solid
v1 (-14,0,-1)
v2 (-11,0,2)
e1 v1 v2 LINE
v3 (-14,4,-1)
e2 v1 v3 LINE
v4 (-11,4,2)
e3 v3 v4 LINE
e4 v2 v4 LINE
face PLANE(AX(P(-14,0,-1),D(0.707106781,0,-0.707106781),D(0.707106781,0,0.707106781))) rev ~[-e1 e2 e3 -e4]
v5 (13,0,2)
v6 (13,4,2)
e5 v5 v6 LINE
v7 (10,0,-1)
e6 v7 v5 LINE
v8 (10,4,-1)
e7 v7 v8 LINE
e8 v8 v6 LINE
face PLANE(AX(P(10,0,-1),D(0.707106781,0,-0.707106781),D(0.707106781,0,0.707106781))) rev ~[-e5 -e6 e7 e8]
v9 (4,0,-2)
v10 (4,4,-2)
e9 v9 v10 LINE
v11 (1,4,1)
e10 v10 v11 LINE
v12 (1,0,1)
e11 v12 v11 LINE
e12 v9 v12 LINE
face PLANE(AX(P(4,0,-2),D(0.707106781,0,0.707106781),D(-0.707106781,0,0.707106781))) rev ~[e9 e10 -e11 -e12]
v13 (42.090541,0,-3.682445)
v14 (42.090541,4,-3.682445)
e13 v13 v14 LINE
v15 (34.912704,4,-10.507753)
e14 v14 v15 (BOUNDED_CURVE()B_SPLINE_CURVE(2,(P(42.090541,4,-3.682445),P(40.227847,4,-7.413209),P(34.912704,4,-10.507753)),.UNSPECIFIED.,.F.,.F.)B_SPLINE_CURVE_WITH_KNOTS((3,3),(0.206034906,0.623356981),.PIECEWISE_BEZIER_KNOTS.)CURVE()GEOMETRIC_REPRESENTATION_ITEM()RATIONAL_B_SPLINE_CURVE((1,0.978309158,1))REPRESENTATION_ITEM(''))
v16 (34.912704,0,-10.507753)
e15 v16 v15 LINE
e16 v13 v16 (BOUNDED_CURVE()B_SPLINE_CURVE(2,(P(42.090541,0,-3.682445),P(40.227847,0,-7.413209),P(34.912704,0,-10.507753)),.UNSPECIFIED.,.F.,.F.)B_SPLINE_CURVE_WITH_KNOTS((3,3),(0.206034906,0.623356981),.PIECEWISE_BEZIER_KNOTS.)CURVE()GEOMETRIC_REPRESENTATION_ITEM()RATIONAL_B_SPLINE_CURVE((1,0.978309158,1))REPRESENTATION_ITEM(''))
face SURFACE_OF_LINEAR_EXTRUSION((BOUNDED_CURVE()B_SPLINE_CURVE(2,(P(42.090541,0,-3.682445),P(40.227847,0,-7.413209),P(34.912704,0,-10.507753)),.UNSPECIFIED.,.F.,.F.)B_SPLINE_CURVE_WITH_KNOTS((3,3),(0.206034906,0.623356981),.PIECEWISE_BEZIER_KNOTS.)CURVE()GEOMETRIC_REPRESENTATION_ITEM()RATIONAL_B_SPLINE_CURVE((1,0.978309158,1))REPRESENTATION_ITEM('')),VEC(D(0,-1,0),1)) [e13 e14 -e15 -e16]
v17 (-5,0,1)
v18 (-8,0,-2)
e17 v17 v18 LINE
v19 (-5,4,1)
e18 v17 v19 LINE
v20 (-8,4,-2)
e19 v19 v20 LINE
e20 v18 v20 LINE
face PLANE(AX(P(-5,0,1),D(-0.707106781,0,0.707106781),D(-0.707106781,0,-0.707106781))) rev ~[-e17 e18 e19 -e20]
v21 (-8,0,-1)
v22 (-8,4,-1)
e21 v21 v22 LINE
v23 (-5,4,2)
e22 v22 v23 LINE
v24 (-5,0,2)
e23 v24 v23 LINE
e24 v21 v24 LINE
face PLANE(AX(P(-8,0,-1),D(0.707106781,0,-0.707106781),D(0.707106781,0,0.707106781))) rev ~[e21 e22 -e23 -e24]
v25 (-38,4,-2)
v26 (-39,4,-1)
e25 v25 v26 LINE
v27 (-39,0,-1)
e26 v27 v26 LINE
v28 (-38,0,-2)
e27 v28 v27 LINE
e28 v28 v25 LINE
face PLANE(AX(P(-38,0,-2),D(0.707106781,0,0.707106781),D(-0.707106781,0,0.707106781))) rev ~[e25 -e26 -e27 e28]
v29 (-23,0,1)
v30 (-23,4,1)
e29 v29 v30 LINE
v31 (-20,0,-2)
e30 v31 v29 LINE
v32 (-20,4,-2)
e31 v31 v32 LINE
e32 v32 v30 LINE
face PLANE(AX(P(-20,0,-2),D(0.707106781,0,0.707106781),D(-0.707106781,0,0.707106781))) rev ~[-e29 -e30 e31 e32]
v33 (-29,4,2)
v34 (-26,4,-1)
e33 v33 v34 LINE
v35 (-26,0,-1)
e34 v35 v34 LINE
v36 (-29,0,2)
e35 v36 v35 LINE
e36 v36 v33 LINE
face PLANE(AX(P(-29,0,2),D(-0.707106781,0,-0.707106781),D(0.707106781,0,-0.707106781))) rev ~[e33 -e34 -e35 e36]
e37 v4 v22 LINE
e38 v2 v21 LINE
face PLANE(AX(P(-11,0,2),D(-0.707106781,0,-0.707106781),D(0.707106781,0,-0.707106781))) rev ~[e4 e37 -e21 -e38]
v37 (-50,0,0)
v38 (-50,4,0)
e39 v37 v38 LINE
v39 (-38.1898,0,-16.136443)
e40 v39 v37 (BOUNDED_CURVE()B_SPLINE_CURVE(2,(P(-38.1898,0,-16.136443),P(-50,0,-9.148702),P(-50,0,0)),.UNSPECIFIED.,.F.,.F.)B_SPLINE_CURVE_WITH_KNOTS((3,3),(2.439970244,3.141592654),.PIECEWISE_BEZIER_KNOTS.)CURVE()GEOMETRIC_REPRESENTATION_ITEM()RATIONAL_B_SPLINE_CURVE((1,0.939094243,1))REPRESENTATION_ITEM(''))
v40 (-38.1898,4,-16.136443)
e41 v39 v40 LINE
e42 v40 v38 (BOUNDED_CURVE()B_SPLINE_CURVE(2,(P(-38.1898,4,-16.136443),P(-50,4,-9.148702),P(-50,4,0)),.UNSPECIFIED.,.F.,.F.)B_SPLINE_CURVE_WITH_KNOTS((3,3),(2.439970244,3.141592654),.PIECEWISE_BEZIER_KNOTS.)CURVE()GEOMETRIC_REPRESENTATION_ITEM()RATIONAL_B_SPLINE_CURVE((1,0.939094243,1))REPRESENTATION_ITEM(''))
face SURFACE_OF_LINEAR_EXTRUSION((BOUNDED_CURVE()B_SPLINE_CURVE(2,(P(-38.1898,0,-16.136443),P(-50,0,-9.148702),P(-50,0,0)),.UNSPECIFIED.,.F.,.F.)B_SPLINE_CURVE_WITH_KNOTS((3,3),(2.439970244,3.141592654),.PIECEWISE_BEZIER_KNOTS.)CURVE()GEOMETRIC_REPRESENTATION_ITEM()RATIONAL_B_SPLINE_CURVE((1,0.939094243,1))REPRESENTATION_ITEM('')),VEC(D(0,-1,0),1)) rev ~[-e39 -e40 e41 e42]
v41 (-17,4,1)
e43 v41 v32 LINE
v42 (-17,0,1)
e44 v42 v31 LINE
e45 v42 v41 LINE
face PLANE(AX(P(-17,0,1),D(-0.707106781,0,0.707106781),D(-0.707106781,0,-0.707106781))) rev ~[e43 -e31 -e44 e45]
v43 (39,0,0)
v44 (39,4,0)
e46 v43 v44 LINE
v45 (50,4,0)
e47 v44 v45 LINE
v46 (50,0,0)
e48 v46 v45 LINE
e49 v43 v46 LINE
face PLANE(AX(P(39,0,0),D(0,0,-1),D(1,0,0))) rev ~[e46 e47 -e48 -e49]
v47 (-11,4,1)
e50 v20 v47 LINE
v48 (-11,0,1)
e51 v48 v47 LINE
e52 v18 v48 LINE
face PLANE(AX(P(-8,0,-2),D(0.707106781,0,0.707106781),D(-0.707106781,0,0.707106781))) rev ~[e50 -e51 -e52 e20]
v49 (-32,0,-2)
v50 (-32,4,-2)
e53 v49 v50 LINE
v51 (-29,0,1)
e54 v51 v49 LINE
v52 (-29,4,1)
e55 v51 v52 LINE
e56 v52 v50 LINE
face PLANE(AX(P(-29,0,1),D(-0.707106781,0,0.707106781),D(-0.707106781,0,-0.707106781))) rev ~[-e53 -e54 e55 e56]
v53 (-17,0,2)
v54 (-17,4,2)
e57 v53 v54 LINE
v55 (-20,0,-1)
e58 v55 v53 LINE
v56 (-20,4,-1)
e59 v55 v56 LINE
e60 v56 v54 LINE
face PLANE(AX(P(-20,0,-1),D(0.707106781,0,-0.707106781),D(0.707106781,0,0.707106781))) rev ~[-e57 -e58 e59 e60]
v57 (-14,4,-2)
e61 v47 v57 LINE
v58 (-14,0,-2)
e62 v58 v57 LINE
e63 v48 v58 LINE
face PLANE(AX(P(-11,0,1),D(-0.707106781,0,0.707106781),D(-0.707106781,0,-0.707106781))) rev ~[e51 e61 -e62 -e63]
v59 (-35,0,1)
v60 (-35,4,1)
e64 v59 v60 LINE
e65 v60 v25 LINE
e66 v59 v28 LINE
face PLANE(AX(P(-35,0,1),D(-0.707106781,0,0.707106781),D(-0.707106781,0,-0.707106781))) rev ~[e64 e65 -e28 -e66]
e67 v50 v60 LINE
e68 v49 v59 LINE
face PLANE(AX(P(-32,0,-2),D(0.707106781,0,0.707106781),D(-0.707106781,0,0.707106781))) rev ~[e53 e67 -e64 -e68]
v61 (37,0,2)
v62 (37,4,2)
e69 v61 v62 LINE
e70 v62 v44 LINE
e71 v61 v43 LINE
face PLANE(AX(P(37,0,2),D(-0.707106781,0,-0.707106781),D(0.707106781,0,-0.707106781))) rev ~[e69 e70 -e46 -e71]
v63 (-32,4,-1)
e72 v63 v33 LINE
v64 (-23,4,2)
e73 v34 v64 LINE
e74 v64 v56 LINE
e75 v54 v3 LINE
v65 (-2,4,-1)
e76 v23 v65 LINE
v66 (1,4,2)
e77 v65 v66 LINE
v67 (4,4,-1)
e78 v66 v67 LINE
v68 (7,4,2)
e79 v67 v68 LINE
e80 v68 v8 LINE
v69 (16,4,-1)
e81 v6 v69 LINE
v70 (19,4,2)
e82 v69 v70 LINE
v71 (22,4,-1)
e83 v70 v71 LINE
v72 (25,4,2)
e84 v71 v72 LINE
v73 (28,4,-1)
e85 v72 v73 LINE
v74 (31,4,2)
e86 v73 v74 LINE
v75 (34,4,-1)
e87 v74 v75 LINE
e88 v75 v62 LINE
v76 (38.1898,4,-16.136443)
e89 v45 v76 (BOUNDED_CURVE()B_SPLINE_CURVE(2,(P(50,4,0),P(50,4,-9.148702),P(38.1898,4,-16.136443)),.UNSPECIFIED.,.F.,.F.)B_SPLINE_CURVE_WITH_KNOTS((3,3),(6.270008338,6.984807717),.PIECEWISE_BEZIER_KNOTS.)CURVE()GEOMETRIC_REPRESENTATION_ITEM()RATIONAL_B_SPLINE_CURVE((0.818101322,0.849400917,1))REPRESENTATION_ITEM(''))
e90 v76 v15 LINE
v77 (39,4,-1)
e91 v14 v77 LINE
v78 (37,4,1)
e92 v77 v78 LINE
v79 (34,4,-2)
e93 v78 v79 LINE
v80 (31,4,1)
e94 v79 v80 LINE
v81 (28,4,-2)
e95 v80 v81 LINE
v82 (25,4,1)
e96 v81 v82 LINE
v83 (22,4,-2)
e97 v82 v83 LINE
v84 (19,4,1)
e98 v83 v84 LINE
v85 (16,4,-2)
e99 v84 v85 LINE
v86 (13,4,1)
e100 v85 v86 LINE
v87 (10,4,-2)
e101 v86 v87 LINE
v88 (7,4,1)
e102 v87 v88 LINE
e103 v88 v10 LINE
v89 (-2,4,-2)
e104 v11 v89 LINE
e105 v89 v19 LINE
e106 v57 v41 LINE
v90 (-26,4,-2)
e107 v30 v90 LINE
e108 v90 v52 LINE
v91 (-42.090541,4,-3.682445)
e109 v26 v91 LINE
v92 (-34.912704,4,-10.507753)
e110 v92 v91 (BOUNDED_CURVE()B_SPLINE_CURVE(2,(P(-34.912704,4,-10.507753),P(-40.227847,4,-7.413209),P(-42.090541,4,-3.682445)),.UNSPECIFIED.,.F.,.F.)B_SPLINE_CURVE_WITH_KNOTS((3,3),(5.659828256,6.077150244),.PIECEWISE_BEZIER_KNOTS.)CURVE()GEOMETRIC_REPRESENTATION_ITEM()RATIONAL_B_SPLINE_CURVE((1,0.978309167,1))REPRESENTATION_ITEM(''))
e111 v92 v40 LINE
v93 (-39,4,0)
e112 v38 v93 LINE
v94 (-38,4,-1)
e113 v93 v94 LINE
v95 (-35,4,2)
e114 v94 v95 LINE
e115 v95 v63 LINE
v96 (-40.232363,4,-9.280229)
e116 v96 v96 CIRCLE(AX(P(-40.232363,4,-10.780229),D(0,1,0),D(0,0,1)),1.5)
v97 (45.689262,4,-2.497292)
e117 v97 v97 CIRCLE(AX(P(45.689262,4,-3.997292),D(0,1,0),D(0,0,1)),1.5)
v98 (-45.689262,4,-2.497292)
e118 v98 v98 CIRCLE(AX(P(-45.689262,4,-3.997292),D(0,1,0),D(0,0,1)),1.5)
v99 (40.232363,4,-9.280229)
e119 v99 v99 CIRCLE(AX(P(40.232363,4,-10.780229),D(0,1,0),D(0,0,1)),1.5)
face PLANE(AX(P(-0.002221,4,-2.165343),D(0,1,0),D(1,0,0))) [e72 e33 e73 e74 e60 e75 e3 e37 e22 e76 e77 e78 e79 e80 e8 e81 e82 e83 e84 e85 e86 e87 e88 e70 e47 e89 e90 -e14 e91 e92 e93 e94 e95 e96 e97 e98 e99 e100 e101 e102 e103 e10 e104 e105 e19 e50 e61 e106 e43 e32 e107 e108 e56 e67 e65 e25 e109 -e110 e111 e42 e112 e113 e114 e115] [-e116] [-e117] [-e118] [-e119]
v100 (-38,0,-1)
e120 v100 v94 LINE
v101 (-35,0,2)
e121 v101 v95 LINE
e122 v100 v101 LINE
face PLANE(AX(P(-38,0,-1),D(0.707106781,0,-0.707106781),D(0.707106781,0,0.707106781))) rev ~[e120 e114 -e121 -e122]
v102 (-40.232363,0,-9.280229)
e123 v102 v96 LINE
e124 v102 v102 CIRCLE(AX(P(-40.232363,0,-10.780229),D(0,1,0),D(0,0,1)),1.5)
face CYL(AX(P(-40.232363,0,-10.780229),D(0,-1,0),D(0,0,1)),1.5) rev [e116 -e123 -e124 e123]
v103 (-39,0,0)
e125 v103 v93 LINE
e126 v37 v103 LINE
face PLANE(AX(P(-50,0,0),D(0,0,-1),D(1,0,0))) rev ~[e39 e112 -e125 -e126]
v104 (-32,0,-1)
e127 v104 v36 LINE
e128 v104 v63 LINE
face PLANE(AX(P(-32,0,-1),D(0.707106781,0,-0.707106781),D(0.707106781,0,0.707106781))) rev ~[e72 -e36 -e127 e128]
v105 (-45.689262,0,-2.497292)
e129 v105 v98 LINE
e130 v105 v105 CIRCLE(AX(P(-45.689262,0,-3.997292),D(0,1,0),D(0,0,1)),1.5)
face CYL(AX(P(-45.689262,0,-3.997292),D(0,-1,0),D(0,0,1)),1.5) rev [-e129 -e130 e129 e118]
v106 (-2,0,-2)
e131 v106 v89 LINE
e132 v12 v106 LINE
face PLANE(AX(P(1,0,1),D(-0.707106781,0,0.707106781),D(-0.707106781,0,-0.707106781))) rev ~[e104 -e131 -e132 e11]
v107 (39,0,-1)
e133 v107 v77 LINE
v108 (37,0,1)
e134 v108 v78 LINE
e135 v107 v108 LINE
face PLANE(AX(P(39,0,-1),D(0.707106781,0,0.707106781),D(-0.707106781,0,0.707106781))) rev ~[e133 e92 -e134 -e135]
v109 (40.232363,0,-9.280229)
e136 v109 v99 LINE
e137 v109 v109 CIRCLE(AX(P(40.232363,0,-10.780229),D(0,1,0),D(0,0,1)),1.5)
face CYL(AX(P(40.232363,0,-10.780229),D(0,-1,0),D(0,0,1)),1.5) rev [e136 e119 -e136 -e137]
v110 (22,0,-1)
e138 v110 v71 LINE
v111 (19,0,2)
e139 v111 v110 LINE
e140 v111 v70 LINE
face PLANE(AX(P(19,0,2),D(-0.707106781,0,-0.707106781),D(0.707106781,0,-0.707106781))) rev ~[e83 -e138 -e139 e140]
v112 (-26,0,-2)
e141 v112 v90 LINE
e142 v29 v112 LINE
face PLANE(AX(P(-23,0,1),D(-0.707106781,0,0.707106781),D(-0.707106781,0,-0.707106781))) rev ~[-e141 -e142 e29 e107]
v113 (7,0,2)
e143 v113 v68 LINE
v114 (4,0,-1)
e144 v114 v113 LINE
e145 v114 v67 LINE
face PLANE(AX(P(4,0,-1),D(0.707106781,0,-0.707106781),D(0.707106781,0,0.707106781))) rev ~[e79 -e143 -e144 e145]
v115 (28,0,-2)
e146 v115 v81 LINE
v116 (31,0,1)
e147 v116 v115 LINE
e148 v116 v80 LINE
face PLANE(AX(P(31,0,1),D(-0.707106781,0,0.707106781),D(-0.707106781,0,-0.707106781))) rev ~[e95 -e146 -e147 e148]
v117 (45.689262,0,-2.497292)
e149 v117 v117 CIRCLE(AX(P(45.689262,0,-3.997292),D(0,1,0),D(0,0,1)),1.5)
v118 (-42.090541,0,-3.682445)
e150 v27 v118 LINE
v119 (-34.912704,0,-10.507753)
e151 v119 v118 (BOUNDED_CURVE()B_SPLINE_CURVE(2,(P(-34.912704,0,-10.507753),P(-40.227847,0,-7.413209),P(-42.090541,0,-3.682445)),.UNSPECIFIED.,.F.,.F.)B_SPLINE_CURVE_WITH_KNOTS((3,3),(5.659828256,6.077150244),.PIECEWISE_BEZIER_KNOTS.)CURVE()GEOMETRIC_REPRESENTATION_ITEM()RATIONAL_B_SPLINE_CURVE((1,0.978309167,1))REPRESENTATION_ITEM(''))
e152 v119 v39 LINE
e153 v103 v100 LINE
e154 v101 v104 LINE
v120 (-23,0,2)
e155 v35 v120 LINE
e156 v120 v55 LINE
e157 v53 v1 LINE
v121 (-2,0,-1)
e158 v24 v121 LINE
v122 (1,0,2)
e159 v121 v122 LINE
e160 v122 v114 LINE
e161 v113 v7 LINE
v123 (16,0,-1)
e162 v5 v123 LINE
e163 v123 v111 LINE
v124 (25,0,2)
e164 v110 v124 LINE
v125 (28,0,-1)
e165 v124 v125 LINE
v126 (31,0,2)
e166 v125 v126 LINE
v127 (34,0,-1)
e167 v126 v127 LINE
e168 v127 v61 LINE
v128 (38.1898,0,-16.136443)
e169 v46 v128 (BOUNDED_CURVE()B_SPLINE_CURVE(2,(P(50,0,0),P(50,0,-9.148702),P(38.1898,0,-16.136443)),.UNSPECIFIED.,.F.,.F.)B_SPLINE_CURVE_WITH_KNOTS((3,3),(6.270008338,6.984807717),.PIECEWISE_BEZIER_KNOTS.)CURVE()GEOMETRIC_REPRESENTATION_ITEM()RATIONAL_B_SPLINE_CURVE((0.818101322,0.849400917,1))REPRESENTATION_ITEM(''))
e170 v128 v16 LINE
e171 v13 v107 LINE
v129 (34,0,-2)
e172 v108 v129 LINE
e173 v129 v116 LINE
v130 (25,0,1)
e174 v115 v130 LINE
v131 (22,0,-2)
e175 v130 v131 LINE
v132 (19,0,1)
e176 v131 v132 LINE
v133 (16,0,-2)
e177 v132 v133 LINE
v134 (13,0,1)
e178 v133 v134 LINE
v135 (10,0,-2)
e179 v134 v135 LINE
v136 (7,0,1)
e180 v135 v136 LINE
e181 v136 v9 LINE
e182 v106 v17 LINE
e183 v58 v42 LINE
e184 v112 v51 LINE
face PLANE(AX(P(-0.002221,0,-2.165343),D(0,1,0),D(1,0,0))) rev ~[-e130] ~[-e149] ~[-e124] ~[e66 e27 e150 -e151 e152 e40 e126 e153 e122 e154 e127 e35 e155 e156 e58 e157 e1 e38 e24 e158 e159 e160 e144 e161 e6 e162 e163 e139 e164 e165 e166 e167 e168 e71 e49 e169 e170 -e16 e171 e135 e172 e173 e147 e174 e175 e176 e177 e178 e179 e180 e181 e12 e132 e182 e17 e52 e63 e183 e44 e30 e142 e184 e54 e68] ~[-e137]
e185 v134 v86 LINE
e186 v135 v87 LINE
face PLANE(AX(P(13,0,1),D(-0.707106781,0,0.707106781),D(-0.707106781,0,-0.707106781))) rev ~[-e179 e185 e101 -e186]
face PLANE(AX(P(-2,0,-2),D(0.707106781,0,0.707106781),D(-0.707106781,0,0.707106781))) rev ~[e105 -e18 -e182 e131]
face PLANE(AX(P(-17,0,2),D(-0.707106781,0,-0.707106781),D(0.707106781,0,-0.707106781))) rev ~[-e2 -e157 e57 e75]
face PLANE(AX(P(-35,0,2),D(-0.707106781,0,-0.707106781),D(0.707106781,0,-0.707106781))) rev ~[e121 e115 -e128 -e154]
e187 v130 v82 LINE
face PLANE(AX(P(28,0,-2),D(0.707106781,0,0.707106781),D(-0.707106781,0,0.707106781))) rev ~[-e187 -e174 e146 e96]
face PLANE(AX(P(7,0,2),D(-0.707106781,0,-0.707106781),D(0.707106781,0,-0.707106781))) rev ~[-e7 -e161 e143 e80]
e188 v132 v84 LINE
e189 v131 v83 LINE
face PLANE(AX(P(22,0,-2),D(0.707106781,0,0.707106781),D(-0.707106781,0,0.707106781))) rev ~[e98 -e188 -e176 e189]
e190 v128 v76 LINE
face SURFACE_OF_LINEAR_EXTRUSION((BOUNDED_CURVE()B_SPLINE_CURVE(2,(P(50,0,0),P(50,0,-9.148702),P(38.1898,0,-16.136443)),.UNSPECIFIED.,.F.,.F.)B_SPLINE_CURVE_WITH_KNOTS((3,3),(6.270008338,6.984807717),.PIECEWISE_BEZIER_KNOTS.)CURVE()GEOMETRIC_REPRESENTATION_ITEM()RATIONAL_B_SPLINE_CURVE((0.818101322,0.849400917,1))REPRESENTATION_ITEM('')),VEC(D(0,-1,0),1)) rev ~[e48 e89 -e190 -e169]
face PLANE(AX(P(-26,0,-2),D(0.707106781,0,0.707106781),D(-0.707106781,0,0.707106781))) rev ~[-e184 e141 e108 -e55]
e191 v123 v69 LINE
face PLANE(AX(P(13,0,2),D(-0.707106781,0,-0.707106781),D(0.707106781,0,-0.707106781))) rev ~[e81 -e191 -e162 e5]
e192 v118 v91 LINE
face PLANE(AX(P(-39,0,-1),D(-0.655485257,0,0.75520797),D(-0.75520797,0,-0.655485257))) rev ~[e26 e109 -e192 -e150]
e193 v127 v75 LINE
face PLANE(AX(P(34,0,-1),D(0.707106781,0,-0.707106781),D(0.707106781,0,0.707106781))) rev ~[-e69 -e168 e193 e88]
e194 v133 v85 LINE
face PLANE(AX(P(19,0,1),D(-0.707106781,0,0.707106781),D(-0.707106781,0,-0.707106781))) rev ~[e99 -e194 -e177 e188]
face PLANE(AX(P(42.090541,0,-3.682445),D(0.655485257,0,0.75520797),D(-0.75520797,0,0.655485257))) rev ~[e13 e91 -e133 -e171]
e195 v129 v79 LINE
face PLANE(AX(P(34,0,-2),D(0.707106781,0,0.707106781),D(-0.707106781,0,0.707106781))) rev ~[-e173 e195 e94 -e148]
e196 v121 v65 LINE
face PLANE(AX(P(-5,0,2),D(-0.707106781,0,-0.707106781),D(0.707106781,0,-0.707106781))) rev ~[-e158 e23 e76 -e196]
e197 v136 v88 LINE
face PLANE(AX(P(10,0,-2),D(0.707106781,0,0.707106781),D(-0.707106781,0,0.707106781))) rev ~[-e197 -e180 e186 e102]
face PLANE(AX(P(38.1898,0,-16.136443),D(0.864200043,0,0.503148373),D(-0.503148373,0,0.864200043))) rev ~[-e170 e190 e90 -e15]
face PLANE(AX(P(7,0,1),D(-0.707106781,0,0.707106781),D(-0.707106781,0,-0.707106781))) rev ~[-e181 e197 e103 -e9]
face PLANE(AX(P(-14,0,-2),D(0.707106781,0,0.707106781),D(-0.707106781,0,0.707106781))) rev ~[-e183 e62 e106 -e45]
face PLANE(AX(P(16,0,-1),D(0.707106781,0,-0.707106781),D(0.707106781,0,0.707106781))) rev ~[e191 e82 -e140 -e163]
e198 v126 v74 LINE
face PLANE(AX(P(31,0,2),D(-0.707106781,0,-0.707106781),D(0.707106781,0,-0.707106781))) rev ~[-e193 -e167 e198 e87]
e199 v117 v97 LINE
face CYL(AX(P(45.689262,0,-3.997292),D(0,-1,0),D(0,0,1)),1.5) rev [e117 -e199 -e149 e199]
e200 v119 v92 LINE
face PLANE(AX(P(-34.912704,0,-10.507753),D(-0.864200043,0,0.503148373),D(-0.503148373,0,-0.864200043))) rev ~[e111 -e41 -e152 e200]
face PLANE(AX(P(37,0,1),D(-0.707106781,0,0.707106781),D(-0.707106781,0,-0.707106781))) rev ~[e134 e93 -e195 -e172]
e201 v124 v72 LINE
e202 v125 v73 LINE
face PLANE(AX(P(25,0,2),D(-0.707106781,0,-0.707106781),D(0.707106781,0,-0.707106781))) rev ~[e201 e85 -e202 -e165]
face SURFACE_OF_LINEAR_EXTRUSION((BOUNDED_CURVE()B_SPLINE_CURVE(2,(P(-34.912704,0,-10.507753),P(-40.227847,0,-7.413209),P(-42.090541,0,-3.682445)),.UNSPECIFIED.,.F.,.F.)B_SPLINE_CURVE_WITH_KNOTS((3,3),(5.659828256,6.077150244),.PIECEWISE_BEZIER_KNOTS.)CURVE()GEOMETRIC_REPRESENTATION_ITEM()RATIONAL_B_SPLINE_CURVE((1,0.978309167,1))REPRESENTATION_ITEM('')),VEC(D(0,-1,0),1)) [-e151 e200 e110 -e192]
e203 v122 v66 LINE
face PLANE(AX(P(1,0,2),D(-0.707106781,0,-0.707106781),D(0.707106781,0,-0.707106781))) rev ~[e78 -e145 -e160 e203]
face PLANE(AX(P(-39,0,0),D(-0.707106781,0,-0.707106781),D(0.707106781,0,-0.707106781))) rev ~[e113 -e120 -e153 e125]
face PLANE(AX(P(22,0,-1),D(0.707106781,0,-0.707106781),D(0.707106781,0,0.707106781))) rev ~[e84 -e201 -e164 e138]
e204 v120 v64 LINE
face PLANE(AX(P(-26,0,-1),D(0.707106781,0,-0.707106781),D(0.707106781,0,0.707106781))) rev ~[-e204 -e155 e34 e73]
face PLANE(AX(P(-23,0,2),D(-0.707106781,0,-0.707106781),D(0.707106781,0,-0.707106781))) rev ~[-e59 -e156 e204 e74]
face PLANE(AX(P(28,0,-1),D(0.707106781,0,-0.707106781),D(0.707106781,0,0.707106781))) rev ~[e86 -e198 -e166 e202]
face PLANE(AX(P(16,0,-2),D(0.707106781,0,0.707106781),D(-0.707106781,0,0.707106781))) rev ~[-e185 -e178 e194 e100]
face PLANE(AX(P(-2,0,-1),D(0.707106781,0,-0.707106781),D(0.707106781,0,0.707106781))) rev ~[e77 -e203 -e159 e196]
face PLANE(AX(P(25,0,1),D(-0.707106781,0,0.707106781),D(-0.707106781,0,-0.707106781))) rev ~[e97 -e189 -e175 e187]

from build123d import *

# Parameters (mm, degrees)
SKETCH_1_R      = 1.5
EXTRUDE_1_DEPTH = 4


with BuildPart() as part:
    # Эскиз1 → Бобышка-Вытянуть1 (new body)
    with BuildSketch(Plane(origin=(0, 0, 0), x_dir=(1, 0, 0), z_dir=(0, 1, 0))):
        with BuildLine():
            Line((-50, 0), (-43, 0))
            Line((-43, 0), (-39, 0))
            Line((-39, 0), (-38, 1))
            Line((-38, 1), (-35, -2))
            Line((-35, -2), (-33, 0))
            Line((-33, 0), (-32, 1))
            Line((-32, 1), (-29, -2))
            Line((-29, -2), (-27, 0))
            Line((-27, 0), (-26, 1))
            Line((-26, 1), (-23, -2))
            Line((-23, -2), (-21, 0))
            Line((-21, 0), (-20, 1))
            Line((-20, 1), (-17, -2))
            Line((-17, -2), (-15, 0))
            Line((-15, 0), (-14, 1))
            Line((-14, 1), (-11, -2))
            Line((-11, -2), (-9, 0))
            Line((-9, 0), (-8, 1))
            Line((-8, 1), (-5, -2))
            Line((-5, -2), (-3, 0))
            Line((-3, 0), (-2, 1))
            Line((-2, 1), (1, -2))
            Line((1, -2), (3, 0))
            Line((3, 0), (4, 1))
            Line((4, 1), (7, -2))
            Line((7, -2), (9, 0))
            Line((9, 0), (10, 1))
            Line((10, 1), (13, -2))
            Line((13, -2), (15, 0))
            Line((15, 0), (16, 1))
            Line((16, 1), (19, -2))
            Line((19, -2), (21, 0))
            Line((21, 0), (22, 1))
            Line((22, 1), (25, -2))
            Line((25, -2), (27, 0))
            Line((27, 0), (28, 1))
            Line((28, 1), (31, -2))
            Line((31, -2), (33, 0))
            Line((33, 0), (34, 1))
            Line((34, 1), (37, -2))
            Line((37, -2), (39, 0))
            Line((39, 0), (43, 0))
            Line((43, 0), (50, 0))
            add(Edge.make_bspline(
                [(50, 0), (50, 9.148701546), (38.189799805, 16.136443156)],
                knots=[6.270008338, 6.270008338, 6.270008338, 6.984807717, 6.984807717, 6.984807717], degree=2, weights=[0.818101322, 0.849400917, 1]))
            Line((38.189799805, 16.136443156), (34.912704057, 10.507753014))
            add(Edge.make_bspline(
                [(42.090540855, 3.682445167), (40.227847319, 7.413208709), (34.912704057, 10.507753014)],
                knots=[0.206034906, 0.206034906, 0.206034906, 0.623356981, 0.623356981, 0.623356981], degree=2, weights=[1, 0.978309158, 1]))
            Line((42.090540855, 3.682445167), (39, 1))
            Line((39, 1), (37, -1))
            Line((37, -1), (34, 2))
            Line((34, 2), (33, 1))
            Line((33, 1), (31, -1))
            Line((31, -1), (28, 2))
            Line((28, 2), (27, 1))
            Line((27, 1), (25, -1))
            Line((25, -1), (22, 2))
            Line((22, 2), (21, 1))
            Line((21, 1), (19, -1))
            Line((19, -1), (16, 2))
            Line((16, 2), (15, 1))
            Line((15, 1), (13, -1))
            Line((13, -1), (10, 2))
            Line((10, 2), (9, 1))
            Line((9, 1), (7, -1))
            Line((7, -1), (4, 2))
            Line((4, 2), (3, 1))
            Line((3, 1), (1, -1))
            Line((1, -1), (-2, 2))
            Line((-2, 2), (-3, 1))
            Line((-3, 1), (-5, -1))
            Line((-5, -1), (-8, 2))
            Line((-8, 2), (-9, 1))
            Line((-9, 1), (-11, -1))
            Line((-11, -1), (-14, 2))
            Line((-14, 2), (-15, 1))
            Line((-15, 1), (-17, -1))
            Line((-17, -1), (-20, 2))
            Line((-20, 2), (-21, 1))
            Line((-21, 1), (-23, -1))
            Line((-23, -1), (-26, 2))
            Line((-26, 2), (-27, 1))
            Line((-27, 1), (-29, -1))
            Line((-29, -1), (-32, 2))
            Line((-32, 2), (-33, 1))
            Line((-33, 1), (-35, -1))
            Line((-35, -1), (-38, 2))
            Line((-38, 2), (-39, 1))
            Line((-39, 1), (-42.090540855, 3.682445167))
            add(Edge.make_bspline(
                [(-34.912704057, 10.507753014), (-40.227846573, 7.413208572), (-42.090540855, 3.682445167)],
                knots=[5.659828256, 5.659828256, 5.659828256, 6.077150244, 6.077150244, 6.077150244], degree=2, weights=[1, 0.978309167, 1]))
            Line((-34.912704057, 10.507753014), (-38.189799805, 16.136443156))
            add(Edge.make_bspline(
                [(-38.189799805, 16.136443156), (-50, 9.148701546), (-50, 0)],
                knots=[2.439970244, 2.439970244, 2.439970244, 3.141592654, 3.141592654, 3.141592654], degree=2, weights=[1, 0.939094243, 1]))
        make_face()
        with Locations(Location((-45.689262056, 3.997292475, 0), (0, 0, 270))):
            Circle(SKETCH_1_R, mode=Mode.SUBTRACT)
        with Locations(Location((-40.232363482, 10.780229305, 0), (0, 0, 270))):
            Circle(SKETCH_1_R, mode=Mode.SUBTRACT)
        with Locations(Location((45.689262056, 3.997292475, 0), (0, 0, 270))):
            Circle(SKETCH_1_R, mode=Mode.SUBTRACT)
        with Locations(Location((40.232363482, 10.780229305, 0), (0, 0, 270))):
            Circle(SKETCH_1_R, mode=Mode.SUBTRACT)
    extrude(amount=EXTRUDE_1_DEPTH)


solid = part.part
